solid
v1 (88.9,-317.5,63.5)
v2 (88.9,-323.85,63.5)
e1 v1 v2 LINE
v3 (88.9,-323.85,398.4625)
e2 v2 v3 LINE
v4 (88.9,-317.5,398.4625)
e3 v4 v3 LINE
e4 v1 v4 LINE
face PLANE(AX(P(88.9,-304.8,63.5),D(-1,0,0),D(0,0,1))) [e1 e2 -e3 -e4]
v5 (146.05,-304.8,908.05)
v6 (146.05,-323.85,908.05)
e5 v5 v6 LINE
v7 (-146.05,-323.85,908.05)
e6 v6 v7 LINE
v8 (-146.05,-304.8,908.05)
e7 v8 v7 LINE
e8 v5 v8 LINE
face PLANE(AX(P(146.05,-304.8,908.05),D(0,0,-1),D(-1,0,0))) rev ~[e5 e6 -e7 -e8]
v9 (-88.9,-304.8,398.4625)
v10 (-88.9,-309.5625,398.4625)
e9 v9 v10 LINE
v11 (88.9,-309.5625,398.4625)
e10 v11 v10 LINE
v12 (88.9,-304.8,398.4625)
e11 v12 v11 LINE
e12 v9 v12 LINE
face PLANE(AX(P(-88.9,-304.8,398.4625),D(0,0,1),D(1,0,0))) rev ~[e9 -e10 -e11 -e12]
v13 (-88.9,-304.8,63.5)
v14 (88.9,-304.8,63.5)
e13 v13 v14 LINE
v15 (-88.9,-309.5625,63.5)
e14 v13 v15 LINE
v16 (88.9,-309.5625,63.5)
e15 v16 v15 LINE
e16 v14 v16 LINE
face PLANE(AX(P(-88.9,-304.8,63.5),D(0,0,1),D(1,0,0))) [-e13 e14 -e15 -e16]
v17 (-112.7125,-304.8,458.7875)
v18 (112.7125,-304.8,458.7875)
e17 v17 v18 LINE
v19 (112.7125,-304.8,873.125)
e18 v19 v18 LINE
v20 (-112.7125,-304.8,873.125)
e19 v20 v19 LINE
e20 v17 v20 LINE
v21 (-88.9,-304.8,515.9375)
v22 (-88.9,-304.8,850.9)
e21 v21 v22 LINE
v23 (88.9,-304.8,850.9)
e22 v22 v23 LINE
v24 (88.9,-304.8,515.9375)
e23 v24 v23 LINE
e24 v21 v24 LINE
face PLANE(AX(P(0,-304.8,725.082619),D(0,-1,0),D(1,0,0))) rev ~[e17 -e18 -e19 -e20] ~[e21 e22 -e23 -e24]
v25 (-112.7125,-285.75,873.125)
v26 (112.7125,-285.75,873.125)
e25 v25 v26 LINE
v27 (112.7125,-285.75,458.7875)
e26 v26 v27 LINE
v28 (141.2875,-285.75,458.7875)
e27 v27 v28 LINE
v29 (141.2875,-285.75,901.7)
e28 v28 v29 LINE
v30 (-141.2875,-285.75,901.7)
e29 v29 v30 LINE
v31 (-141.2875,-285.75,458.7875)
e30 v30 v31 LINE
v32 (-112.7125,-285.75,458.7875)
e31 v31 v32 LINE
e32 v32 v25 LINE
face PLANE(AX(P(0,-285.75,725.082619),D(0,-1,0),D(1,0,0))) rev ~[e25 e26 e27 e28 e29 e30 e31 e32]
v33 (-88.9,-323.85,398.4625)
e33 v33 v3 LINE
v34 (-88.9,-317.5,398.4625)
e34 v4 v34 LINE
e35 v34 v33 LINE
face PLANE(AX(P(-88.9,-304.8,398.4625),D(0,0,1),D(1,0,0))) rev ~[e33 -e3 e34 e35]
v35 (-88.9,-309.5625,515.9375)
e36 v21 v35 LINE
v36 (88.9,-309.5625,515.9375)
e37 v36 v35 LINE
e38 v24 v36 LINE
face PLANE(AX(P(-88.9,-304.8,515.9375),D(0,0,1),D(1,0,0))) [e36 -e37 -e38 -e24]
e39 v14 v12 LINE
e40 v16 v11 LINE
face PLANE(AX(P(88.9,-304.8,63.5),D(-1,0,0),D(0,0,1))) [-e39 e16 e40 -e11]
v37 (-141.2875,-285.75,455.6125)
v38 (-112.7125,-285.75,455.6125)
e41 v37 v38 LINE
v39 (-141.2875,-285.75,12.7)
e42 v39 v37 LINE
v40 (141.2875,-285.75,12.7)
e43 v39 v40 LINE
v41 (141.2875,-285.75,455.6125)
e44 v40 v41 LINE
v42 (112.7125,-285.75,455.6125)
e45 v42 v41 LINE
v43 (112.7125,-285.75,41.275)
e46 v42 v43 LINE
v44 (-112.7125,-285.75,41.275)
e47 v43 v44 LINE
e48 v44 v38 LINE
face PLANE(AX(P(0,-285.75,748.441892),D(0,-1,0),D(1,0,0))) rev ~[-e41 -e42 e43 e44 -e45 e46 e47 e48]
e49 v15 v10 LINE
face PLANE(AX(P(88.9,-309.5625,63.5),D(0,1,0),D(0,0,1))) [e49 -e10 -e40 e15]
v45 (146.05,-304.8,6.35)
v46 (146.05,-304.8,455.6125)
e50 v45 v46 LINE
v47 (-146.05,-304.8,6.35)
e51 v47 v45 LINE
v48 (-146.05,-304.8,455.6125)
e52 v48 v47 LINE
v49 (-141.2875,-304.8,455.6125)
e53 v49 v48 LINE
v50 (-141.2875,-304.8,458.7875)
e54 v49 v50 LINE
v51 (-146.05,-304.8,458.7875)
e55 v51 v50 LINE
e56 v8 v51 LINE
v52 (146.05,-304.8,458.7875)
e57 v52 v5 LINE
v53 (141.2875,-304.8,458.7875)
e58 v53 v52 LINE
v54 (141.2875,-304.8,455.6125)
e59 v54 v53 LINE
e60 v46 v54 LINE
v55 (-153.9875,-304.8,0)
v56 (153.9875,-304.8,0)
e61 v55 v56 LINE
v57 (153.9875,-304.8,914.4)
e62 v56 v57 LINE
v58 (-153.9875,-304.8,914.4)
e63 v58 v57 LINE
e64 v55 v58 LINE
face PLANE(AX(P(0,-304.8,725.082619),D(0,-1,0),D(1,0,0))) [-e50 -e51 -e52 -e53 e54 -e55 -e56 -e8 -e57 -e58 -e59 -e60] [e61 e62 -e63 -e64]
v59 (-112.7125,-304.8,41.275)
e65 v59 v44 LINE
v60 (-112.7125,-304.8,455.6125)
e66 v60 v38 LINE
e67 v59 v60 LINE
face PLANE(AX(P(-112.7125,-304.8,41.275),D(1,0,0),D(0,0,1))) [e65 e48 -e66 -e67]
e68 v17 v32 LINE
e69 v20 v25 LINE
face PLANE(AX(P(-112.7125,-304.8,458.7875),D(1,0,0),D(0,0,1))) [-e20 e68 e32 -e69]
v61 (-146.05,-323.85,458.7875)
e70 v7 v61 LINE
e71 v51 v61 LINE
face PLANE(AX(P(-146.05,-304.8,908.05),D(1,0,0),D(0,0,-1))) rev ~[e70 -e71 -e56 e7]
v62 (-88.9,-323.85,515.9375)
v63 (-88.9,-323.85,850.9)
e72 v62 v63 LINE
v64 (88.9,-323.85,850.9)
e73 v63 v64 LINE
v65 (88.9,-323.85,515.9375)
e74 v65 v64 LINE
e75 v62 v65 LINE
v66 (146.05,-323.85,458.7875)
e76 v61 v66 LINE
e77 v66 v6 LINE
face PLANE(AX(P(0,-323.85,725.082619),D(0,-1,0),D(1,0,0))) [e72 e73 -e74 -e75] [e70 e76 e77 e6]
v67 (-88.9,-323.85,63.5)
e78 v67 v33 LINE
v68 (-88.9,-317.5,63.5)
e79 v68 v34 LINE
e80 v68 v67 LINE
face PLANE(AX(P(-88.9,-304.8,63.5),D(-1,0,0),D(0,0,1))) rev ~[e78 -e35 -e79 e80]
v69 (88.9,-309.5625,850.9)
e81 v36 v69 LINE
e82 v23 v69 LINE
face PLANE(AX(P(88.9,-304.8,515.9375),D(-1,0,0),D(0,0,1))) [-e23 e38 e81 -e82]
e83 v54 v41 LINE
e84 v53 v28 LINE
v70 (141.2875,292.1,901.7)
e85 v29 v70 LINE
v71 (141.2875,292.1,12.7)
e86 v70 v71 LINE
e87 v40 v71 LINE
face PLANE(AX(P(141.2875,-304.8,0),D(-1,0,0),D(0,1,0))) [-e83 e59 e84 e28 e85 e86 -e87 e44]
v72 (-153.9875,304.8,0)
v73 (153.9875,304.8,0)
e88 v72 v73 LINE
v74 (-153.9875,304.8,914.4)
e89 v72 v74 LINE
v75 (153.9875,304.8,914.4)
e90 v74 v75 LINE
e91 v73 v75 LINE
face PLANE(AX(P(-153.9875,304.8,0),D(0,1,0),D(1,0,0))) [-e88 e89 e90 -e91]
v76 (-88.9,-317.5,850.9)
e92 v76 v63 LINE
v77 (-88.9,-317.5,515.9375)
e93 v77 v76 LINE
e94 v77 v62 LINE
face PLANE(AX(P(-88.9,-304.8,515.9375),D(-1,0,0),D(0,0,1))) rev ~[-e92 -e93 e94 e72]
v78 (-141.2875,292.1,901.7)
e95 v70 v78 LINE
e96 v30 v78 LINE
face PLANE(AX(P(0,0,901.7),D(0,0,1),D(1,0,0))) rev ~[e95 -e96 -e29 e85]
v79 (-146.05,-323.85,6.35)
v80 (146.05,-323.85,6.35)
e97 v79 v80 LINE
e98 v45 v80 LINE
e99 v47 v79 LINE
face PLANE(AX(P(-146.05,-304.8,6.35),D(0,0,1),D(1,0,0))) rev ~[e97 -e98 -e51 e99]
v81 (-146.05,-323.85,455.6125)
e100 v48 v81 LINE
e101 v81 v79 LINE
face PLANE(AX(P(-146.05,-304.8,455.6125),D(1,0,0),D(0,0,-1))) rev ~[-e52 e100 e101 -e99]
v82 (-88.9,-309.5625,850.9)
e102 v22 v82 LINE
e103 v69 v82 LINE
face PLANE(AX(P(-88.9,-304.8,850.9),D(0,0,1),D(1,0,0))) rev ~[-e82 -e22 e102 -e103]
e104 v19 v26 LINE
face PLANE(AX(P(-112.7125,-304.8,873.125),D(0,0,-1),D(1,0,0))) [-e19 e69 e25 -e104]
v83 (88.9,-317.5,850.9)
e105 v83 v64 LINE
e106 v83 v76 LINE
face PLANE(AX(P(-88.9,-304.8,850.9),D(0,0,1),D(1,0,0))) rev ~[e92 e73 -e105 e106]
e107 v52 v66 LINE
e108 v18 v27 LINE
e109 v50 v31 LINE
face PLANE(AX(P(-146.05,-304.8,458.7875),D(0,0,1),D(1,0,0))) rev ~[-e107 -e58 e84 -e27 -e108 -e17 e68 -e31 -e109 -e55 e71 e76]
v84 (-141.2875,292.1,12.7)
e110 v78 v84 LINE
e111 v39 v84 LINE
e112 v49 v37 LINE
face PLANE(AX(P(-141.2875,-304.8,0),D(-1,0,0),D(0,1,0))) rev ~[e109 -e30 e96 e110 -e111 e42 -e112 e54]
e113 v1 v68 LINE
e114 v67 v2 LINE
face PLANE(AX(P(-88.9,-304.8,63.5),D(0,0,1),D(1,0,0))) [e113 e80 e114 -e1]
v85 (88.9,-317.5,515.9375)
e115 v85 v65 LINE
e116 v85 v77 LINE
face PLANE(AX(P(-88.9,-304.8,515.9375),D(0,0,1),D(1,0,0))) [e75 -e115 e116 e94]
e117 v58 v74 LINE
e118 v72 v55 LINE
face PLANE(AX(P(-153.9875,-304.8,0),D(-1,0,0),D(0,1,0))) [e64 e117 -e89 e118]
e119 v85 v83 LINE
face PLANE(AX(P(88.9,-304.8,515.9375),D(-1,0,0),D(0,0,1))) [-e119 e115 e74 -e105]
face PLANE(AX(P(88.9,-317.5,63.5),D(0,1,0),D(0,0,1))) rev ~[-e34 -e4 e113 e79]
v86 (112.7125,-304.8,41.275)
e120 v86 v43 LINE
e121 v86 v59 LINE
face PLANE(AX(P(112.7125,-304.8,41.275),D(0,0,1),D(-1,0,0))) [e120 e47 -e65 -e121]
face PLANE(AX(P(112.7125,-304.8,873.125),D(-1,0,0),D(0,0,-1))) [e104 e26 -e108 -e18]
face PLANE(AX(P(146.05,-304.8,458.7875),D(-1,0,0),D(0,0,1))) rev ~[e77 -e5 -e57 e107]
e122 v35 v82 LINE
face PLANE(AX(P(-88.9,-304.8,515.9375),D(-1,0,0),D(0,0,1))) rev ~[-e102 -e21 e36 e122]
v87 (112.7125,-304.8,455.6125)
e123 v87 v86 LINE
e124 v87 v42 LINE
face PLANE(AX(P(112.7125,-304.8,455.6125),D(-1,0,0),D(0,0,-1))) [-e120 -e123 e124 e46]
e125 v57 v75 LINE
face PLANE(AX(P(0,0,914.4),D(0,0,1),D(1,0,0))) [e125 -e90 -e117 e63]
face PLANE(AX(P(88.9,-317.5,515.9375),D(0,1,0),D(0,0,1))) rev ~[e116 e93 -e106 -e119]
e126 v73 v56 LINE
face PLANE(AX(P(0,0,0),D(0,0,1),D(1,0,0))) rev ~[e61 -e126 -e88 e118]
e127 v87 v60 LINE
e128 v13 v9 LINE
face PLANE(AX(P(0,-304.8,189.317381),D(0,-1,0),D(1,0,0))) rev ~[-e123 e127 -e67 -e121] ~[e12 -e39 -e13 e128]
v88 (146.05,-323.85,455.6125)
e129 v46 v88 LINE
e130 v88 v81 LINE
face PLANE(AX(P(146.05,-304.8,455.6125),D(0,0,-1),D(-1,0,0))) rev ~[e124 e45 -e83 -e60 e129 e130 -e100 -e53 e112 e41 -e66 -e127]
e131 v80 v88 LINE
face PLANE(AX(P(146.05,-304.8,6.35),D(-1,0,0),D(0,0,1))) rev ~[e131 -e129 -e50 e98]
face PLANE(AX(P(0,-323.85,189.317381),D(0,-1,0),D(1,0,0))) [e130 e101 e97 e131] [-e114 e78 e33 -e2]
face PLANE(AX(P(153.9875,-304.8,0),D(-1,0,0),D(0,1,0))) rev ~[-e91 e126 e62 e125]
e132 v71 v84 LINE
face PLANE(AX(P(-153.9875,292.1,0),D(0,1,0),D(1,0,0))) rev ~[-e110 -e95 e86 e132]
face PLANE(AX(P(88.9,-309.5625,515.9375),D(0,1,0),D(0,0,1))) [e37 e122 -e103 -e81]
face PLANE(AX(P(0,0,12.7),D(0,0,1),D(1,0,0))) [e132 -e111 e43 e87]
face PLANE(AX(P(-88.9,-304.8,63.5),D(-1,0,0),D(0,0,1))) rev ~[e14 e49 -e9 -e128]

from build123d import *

# Parameters (mm, degrees)
F0_W     = 307.975
F0_H     = 609.6
F1_DEPTH = 914.4
F2_T     = -12.7
F3_W     = 28.575
F3_H     = 19.05
F3_W_2   = 4.7625
F4_DEPTH = 19.05
F3_W_3   = 225.425
F3_H_2   = 395.2875
F3_W_4   = 177.8
F3_H_3   = 334.9625
F5_DEPTH = 19.05
F6_W     = 7.9375
F6_H     = 334.9625
F7_DEPTH = 177.8


with BuildPart() as f1:
    # F0 (on Top) → F1 (new body)
    with BuildSketch(Plane.XY):
        Rectangle(F0_W, F0_H)
    extrude(amount=F1_DEPTH)

    # F2
    f2_openings = [f1.faces().sort_by_distance(p)[0] for p in [
        (0, -304.8, 457.2),
    ]]
    offset(amount=F2_T, openings=f2_openings)

    # F3 (on face) → F4 (join)
    with BuildSketch(Plane.XZ.offset(304.8)):
        Polygon((-141.2875, 901.7), (-141.2875, 477.8375), (-112.7125, 477.8375), (-112.7125, 873.125), (112.7125, 873.125), (112.7125, 477.8375), (141.2875, 477.8375), (141.2875, 901.7), align=None)
        Polygon((-153.9875, 914.4), (-153.9875, 477.8375), (-146.05, 477.8375), (-146.05, 908.05), (146.05, 908.05), (146.05, 477.8375), (153.9875, 477.8375), (153.9875, 914.4), align=None)
        Polygon((-112.7125, 436.5625), (-141.2875, 436.5625), (-141.2875, 12.7), (141.2875, 12.7), (141.2875, 436.5625), (112.7125, 436.5625), (112.7125, 41.275), (-112.7125, 41.275), align=None)
        Polygon((-146.05, 436.5625), (-153.9875, 436.5625), (-153.9875, 0), (153.9875, 0), (153.9875, 436.5625), (146.05, 436.5625), (146.05, 6.35), (-146.05, 6.35), align=None)
        Polygon((-141.2875, 436.5625), (-146.05, 436.5625), (-146.05, 6.35), (146.05, 6.35), (146.05, 436.5625), (141.2875, 436.5625), (141.2875, 12.7), (-141.2875, 12.7), align=None)
        with Locations((-127, 446.0875)):
            Rectangle(F3_W, F3_H)
        Polygon((-153.9875, 477.8375), (-153.9875, 436.5625), (-146.05, 436.5625), (-146.05, 455.6125), (-141.2875, 455.6125), (-141.2875, 458.7875), (-146.05, 458.7875), (-146.05, 477.8375), align=None)
        with Locations((-143.66875, 446.0875)):
            Rectangle(F3_W_2, F3_H)
        with Locations((-127, 468.3125)):
            Rectangle(F3_W, F3_H)
        with Locations((127, 468.3125)):
            Rectangle(F3_W, F3_H)
        with Locations((127, 446.0875)):
            Rectangle(F3_W, F3_H)
        Polygon((146.05, 436.5625), (153.9875, 436.5625), (153.9875, 477.8375), (146.05, 477.8375), (146.05, 458.7875), (141.2875, 458.7875), (141.2875, 455.6125), (146.05, 455.6125), align=None)
        with Locations((143.66875, 446.0875)):
            Rectangle(F3_W_2, F3_H)
    extrude(amount=-F4_DEPTH)

    # F3 (on face) → F5 (join)
    with BuildSketch(Plane.XZ.offset(304.8)):
        Polygon((-112.7125, 436.5625), (-141.2875, 436.5625), (-141.2875, 12.7), (141.2875, 12.7), (141.2875, 436.5625), (112.7125, 436.5625), (112.7125, 41.275), (-112.7125, 41.275), align=None)
        Polygon((-141.2875, 436.5625), (-146.05, 436.5625), (-146.05, 6.35), (146.05, 6.35), (146.05, 436.5625), (141.2875, 436.5625), (141.2875, 12.7), (-141.2875, 12.7), align=None)
        with Locations((0, 238.91875)):
            Rectangle(F3_W_3, F3_H_2)
        with Locations((0, 230.98125)):
            Rectangle(F3_W_4, F3_H_3, mode=Mode.SUBTRACT)
        with Locations((0, 446.0875)):
            Rectangle(F3_W_3, F3_H)
        with Locations((-127, 446.0875)):
            Rectangle(F3_W, F3_H)
        with Locations((127, 446.0875)):
            Rectangle(F3_W, F3_H)
        with Locations((143.66875, 446.0875)):
            Rectangle(F3_W_2, F3_H)
        with Locations((-143.66875, 446.0875)):
            Rectangle(F3_W_2, F3_H)
        Polygon((-141.2875, 901.7), (-141.2875, 477.8375), (-112.7125, 477.8375), (-112.7125, 873.125), (112.7125, 873.125), (112.7125, 477.8375), (141.2875, 477.8375), (141.2875, 901.7), align=None)
        with Locations((0, 675.48125)):
            Rectangle(F3_W_3, F3_H_2)
        with Locations((0, 683.41875)):
            Rectangle(F3_W_4, F3_H_3, mode=Mode.SUBTRACT)
        with Locations((-127, 468.3125)):
            Rectangle(F3_W, F3_H)
        with Locations((0, 468.3125)):
            Rectangle(F3_W_3, F3_H)
        with Locations((127, 468.3125)):
            Rectangle(F3_W, F3_H)
        with Locations((143.66875, 468.3125)):
            Rectangle(F3_W_2, F3_H)
        Polygon((-146.05, 908.05), (-146.05, 477.8375), (-141.2875, 477.8375), (-141.2875, 901.7), (141.2875, 901.7), (141.2875, 477.8375), (146.05, 477.8375), (146.05, 908.05), align=None)
        with Locations((-143.66875, 468.3125)):
            Rectangle(F3_W_2, F3_H)
    extrude(amount=F5_DEPTH)

    # F6 (on face) → F7 (join, through all)
    with BuildSketch(Plane(origin=(88.9, 0, 0), x_dir=(0, -1, 0), z_dir=(-1, 0, 0))):
        with Locations((313.53125, 230.98125)):
            Rectangle(F6_W, F6_H)
        with Locations((313.53125, 683.41875)):
            Rectangle(F6_W, F6_H)
    extrude(amount=F7_DEPTH)


solid = f1.part
